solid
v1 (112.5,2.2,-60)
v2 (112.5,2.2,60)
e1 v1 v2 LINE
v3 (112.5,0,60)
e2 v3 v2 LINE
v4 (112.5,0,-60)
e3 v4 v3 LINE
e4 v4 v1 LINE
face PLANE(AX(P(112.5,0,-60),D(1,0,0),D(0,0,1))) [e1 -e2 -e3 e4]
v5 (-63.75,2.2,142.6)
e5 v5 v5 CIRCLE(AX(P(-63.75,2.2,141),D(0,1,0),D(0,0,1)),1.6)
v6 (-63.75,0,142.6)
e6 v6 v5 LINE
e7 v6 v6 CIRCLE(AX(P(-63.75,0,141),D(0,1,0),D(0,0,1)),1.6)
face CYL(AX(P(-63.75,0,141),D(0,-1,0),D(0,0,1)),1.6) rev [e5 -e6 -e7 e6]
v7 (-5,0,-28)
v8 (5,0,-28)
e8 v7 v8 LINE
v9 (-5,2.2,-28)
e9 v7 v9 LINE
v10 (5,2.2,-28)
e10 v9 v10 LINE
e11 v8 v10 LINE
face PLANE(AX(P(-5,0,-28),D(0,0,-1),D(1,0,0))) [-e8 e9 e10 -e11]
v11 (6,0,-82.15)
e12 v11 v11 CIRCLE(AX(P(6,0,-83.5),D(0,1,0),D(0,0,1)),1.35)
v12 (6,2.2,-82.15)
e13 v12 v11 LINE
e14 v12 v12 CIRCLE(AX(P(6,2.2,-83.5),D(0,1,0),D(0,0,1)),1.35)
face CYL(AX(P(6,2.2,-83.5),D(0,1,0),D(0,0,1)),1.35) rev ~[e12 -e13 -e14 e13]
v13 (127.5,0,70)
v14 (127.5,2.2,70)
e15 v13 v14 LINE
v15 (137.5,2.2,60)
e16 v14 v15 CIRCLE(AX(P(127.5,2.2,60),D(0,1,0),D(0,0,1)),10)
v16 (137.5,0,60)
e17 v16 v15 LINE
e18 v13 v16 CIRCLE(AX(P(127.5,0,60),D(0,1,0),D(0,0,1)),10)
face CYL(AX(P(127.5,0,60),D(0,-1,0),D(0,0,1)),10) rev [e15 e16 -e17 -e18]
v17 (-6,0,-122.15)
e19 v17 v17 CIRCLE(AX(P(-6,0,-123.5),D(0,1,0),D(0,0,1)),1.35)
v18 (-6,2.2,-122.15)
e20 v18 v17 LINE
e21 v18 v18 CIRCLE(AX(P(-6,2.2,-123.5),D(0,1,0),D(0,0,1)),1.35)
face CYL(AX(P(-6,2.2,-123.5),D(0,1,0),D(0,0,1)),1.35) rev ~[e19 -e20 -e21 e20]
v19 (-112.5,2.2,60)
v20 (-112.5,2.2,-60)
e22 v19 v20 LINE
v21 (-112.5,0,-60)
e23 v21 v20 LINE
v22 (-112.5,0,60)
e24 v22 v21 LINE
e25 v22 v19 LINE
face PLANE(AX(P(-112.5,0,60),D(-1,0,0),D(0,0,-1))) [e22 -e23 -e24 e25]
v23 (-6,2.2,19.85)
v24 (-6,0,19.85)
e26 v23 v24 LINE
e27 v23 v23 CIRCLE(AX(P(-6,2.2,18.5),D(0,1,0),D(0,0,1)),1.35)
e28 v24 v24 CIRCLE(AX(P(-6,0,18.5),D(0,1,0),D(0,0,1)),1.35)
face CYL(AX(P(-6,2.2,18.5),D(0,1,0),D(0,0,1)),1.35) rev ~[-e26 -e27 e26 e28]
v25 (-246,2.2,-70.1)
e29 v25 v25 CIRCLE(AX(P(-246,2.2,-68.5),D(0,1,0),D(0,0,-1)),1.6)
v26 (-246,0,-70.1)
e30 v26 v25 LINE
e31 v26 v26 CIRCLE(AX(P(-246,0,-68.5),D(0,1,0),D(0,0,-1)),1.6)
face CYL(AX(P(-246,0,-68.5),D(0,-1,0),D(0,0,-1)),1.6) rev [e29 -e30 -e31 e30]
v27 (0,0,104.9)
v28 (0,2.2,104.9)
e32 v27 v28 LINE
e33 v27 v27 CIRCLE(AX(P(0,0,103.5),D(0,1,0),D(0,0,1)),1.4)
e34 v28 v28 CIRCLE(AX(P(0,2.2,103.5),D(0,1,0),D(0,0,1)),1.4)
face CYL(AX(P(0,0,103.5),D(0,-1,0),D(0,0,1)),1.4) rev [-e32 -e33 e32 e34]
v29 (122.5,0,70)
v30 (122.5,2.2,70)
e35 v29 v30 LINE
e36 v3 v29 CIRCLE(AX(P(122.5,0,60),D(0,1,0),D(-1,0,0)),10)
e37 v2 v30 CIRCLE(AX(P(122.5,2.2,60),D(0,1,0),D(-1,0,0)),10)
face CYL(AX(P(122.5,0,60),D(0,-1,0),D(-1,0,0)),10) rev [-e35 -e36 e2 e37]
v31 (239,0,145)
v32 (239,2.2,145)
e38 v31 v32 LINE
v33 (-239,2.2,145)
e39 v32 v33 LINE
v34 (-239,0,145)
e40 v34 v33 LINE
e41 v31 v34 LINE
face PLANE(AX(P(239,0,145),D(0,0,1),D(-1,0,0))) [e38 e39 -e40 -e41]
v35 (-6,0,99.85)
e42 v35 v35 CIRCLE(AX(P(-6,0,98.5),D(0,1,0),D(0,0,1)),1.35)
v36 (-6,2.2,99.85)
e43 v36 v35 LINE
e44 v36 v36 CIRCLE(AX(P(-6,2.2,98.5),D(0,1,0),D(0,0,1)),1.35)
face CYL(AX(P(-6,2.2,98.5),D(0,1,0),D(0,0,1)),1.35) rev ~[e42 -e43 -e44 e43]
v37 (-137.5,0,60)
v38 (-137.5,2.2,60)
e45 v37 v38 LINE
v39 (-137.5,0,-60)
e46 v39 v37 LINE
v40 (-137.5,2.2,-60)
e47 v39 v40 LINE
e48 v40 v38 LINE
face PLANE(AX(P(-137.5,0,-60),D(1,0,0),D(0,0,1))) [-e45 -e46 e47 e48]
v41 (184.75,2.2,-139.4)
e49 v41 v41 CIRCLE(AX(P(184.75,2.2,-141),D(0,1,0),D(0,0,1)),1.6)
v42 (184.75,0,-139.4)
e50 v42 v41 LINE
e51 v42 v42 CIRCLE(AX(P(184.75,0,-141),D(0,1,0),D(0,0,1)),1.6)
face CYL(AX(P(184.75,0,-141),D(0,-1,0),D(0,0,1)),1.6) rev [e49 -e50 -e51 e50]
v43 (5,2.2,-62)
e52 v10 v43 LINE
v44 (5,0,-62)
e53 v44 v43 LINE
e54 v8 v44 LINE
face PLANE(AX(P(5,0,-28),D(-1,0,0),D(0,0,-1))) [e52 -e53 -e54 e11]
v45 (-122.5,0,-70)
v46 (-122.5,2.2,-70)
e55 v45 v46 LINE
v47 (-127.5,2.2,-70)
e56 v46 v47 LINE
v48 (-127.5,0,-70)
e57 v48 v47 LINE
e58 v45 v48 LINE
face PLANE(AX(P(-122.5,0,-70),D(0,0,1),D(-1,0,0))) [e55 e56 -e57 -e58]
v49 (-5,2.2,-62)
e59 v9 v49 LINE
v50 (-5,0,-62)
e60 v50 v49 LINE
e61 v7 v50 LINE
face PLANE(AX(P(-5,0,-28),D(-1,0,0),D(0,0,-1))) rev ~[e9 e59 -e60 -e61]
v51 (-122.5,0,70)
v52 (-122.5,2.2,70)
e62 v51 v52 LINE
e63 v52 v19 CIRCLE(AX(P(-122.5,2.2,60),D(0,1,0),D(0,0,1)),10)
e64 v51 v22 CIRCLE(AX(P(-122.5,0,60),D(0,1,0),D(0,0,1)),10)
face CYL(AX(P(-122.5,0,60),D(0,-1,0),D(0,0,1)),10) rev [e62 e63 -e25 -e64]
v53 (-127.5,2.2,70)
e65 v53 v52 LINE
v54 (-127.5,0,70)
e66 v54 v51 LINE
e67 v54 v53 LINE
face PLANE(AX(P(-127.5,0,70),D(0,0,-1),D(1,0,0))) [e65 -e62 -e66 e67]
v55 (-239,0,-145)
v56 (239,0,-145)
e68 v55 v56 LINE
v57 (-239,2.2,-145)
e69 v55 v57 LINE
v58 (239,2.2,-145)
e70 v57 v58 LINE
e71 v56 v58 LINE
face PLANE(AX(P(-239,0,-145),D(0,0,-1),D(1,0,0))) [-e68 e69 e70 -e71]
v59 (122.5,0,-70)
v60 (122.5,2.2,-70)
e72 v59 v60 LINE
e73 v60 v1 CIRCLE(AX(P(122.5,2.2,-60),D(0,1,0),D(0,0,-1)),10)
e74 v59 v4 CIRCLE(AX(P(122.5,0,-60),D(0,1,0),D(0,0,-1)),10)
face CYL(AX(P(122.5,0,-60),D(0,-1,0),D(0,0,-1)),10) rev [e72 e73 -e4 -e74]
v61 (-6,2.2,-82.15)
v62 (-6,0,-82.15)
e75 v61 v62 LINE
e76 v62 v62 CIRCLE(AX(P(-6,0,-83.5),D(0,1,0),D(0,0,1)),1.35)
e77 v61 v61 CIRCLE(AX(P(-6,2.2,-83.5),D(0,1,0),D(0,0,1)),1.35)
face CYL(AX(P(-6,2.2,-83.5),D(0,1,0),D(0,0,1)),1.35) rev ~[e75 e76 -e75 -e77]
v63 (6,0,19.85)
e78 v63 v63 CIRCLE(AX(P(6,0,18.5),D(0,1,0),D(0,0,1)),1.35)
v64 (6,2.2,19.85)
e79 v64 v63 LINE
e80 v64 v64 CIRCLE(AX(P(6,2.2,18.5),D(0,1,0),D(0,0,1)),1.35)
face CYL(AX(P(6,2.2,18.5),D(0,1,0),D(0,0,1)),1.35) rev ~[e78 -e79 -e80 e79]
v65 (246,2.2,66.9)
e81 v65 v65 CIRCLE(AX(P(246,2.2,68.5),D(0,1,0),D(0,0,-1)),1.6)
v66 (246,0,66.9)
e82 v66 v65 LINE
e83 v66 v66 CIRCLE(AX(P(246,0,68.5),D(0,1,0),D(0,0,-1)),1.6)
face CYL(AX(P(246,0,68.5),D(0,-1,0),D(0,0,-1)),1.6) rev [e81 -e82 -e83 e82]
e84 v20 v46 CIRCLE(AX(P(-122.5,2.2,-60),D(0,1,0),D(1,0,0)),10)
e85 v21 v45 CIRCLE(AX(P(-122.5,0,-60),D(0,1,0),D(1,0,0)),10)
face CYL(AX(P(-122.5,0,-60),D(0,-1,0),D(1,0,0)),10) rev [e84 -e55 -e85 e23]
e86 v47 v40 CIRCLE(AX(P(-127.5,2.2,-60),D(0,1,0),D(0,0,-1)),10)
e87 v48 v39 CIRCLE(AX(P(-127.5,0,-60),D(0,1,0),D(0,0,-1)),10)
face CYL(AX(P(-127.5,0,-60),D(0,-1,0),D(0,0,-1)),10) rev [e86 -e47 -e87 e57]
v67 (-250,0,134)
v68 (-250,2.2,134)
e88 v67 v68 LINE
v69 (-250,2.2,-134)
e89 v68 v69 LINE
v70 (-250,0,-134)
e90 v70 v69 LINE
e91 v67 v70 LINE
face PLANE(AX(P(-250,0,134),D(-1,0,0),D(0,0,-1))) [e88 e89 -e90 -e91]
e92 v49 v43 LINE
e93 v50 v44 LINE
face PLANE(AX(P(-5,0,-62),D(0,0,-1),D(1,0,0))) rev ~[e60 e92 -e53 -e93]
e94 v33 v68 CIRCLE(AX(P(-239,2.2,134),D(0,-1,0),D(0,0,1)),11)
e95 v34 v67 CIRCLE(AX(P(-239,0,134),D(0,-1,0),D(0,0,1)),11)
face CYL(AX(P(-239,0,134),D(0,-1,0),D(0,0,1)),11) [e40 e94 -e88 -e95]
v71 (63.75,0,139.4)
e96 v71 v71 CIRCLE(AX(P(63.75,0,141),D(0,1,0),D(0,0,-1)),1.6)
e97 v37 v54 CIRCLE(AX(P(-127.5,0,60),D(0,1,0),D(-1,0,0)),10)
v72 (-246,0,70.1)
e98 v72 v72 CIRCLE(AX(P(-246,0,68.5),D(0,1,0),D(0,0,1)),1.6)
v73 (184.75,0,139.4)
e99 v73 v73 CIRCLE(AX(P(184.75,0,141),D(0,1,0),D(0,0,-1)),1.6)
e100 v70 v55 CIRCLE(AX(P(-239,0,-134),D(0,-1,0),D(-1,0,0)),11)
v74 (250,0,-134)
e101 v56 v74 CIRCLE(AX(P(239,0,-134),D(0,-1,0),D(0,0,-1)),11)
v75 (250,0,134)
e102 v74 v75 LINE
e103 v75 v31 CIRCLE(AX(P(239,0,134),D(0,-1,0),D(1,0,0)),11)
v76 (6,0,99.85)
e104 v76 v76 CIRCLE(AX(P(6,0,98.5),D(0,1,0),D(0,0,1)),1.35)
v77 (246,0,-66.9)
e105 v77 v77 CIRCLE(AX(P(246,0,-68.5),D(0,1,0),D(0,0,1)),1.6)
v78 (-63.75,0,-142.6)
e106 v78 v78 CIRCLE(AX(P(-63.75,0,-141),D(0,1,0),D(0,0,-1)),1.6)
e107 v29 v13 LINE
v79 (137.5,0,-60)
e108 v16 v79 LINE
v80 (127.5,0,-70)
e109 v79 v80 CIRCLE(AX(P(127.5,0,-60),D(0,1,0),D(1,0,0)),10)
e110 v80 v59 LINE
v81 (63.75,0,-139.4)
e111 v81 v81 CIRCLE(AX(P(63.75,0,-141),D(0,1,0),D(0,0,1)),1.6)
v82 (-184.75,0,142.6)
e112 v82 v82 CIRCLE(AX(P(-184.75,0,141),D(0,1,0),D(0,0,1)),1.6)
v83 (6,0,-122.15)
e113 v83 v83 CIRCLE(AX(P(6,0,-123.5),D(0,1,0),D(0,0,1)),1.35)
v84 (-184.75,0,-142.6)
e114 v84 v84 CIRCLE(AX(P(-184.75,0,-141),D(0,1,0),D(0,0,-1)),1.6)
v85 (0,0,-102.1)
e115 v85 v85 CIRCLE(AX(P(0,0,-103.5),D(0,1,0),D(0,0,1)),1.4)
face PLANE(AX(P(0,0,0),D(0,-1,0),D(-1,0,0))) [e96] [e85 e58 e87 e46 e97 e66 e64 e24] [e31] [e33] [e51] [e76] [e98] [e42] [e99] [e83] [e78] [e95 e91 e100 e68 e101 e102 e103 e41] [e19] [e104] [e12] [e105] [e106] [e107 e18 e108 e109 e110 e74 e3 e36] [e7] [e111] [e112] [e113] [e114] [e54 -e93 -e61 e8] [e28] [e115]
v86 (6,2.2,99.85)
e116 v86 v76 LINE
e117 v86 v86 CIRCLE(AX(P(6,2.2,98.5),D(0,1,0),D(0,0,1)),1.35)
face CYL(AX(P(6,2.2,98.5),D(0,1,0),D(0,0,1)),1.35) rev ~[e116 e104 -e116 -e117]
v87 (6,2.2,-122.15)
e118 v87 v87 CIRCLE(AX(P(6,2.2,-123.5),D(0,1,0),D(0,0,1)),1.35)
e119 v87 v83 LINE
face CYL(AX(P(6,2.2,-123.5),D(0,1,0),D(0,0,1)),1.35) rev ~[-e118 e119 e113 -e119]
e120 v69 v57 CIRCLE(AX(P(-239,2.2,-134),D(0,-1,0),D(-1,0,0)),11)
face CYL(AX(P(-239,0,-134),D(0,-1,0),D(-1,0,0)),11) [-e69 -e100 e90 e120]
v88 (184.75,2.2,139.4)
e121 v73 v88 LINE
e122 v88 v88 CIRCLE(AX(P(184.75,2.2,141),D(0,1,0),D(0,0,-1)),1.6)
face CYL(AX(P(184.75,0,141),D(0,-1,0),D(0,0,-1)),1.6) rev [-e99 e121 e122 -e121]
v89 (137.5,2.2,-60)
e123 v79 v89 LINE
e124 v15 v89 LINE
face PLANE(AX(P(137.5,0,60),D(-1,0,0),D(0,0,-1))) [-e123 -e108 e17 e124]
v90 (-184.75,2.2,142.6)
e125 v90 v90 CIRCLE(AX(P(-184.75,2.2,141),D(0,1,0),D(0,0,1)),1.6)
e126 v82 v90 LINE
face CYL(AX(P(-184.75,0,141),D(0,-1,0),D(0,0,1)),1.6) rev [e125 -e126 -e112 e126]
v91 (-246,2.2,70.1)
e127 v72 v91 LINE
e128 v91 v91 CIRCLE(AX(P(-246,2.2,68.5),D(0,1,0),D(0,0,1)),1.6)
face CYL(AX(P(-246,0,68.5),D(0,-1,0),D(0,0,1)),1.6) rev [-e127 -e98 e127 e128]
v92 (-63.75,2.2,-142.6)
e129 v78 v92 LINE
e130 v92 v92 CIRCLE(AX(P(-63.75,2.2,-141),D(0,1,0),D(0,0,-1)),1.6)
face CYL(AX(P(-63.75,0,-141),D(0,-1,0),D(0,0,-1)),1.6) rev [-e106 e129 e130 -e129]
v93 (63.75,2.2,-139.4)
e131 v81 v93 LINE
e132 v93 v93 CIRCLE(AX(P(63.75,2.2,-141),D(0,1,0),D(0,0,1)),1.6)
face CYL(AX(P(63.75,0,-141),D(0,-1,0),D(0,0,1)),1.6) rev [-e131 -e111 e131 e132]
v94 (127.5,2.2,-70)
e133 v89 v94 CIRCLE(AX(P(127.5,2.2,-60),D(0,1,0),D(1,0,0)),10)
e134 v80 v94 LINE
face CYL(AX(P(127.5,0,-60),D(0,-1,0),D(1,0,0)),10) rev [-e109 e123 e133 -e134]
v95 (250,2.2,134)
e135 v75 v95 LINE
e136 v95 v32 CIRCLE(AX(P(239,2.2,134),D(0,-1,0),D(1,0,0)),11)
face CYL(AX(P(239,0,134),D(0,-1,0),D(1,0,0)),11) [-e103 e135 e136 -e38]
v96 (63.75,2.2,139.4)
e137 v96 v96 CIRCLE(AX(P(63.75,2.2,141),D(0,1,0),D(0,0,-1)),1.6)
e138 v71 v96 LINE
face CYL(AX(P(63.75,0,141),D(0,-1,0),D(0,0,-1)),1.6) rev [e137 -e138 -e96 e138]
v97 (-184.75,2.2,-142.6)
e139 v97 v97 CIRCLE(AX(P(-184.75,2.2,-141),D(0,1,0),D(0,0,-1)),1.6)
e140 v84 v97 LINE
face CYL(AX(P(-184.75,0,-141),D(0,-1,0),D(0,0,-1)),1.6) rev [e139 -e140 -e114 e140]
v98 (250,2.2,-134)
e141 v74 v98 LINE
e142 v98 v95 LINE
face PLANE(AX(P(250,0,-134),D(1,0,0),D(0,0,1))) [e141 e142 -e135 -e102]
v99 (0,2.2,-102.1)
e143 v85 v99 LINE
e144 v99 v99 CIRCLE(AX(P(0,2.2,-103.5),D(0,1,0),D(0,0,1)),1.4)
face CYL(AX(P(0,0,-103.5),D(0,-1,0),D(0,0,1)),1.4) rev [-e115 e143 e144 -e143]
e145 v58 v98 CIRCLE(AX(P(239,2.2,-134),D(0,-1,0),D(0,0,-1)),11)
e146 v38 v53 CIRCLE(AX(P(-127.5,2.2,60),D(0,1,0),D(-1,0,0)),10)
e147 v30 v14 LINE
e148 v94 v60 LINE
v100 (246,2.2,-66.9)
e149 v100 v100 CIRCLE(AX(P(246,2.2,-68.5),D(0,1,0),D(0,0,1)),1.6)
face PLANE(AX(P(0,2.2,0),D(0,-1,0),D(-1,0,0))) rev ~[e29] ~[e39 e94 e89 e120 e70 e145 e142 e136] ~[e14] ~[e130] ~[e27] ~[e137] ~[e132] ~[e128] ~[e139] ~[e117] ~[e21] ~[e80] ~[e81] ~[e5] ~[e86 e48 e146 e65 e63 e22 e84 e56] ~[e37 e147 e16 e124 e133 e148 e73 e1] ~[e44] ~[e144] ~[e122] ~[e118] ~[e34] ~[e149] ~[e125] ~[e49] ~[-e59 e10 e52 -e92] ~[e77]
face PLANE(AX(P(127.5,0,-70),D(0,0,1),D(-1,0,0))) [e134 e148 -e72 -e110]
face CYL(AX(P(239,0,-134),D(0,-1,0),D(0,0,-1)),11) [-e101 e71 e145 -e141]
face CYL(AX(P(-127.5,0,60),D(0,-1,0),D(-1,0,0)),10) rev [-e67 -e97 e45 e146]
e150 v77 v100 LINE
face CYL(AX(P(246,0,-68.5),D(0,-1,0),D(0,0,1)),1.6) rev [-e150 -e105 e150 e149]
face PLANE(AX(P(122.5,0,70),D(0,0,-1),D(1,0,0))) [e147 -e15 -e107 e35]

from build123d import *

# Parameters (mm, degrees)
SKETCH1_R           = 1.6
SKETCH1_R_2         = 1.4
SKETCH1_W           = 10
SKETCH1_H           = 34
BOSS_EXTRUDE1_DEPTH = 2.2
SKETCH2_R           = 1.35
CUT_EXTRUDE1_DEPTH  = 59.2


with BuildPart() as part:
    # Sketch1 → Boss-Extrude1 (new body)
    with BuildSketch(Plane(origin=(0, 0, 0), x_dir=(1, 0, 0), z_dir=(0, 1, 0))):
        with BuildLine():
            Line((-239, 145), (239, 145))
            ThreePointArc((239, 145), (246.778174593, 141.778174593), (250, 134))
            Line((250, 134), (250, -134))
            ThreePointArc((250, -134), (246.778174593, -141.778174593), (239, -145))
            Line((239, -145), (-239, -145))
            ThreePointArc((-239, -145), (-246.778174593, -141.778174593), (-250, -134))
            Line((-250, -134), (-250, 134))
            ThreePointArc((-250, 134), (-246.778174593, 141.778174593), (-239, 145))
        make_face()
        with Locations(Location((63.75, 141, 0), (0, 0, 270))):
            Circle(SKETCH1_R, mode=Mode.SUBTRACT)
        with Locations(Location((184.75, 141, 0), (0, 0, 270))):
            Circle(SKETCH1_R, mode=Mode.SUBTRACT)
        with Locations(Location((246, 68.5, 0), (0, 0, 270))):
            Circle(SKETCH1_R, mode=Mode.SUBTRACT)
        with Locations(Location((0, 103.5, 0), (0, 0, 270))):
            Circle(SKETCH1_R_2, mode=Mode.SUBTRACT)
        with Locations(Location((0, -103.5, 0), (0, 0, 270))):
            Circle(SKETCH1_R_2, mode=Mode.SUBTRACT)
        with Locations(Location((-246, 68.5, 0), (0, 0, 90))):
            Circle(SKETCH1_R, mode=Mode.SUBTRACT)
        with Locations(Location((-184.75, 141, 0), (0, 0, 90))):
            Circle(SKETCH1_R, mode=Mode.SUBTRACT)
        with Locations(Location((-63.75, 141, 0), (0, 0, 90))):
            Circle(SKETCH1_R, mode=Mode.SUBTRACT)
        with Locations(Location((184.75, -141, 0), (0, 0, 90))):
            Circle(SKETCH1_R, mode=Mode.SUBTRACT)
        with Locations(Location((246, -68.5, 0), (0, 0, 90))):
            Circle(SKETCH1_R, mode=Mode.SUBTRACT)
        with Locations(Location((63.75, -141, 0), (0, 0, 90))):
            Circle(SKETCH1_R, mode=Mode.SUBTRACT)
        with Locations(Location((-63.75, -141, 0), (0, 0, 270))):
            Circle(SKETCH1_R, mode=Mode.SUBTRACT)
        with Locations(Location((-184.75, -141, 0), (0, 0, 270))):
            Circle(SKETCH1_R, mode=Mode.SUBTRACT)
        with Locations(Location((-246, -68.5, 0), (0, 0, 270))):
            Circle(SKETCH1_R, mode=Mode.SUBTRACT)
        with BuildLine():
            Line((-127.5, -70), (-122.5, -70))
            ThreePointArc((-122.5, -70), (-115.428932188, -67.071067812), (-112.5, -60))
            Line((-112.5, -60), (-112.5, 60))
            ThreePointArc((-112.5, 60), (-115.428932188, 67.071067812), (-122.5, 70))
            Line((-122.5, 70), (-127.5, 70))
            ThreePointArc((-127.5, 70), (-134.571067812, 67.071067812), (-137.5, 60))
            Line((-137.5, 60), (-137.5, -60))
            ThreePointArc((-137.5, -60), (-134.571067812, -67.071067812), (-127.5, -70))
        make_face(mode=Mode.SUBTRACT)
        with BuildLine():
            Line((122.5, -70), (127.5, -70))
            ThreePointArc((127.5, -70), (134.571067812, -67.071067812), (137.5, -60))
            Line((137.5, -60), (137.5, 60))
            ThreePointArc((137.5, 60), (134.571067812, 67.071067812), (127.5, 70))
            Line((127.5, 70), (122.5, 70))
            ThreePointArc((122.5, 70), (115.428932188, 67.071067812), (112.5, 60))
            Line((112.5, 60), (112.5, -60))
            ThreePointArc((112.5, -60), (115.428932188, -67.071067812), (122.5, -70))
        make_face(mode=Mode.SUBTRACT)
        with Locations((0, 45)):
            Rectangle(SKETCH1_W, SKETCH1_H, mode=Mode.SUBTRACT)
    extrude(amount=BOSS_EXTRUDE1_DEPTH)

    # Sketch2 → Cut-Extrude1 (cut)
    with BuildSketch(Plane(origin=(0, 2.2, 0), x_dir=(1, 0, 0), z_dir=(0, 1, 0))):
        with Locations(Location((-6, -18.5, 0), (0, 0, 270))):
            Circle(SKETCH2_R)
        with Locations(Location((6, -18.5, 0), (0, 0, 270))):
            Circle(SKETCH2_R)
        with Locations(Location((-6, -98.5, 0), (0, 0, 270))):
            Circle(SKETCH2_R)
        with Locations(Location((6, -98.5, 0), (0, 0, 270))):
            Circle(SKETCH2_R)
        with Locations(Location((-6, 123.5, 0), (0, 0, 270))):
            Circle(SKETCH2_R)
        with Locations(Location((6, 123.5, 0), (0, 0, 270))):
            Circle(SKETCH2_R)
        with Locations(Location((-6, 83.5, 0), (0, 0, 270))):
            Circle(SKETCH2_R)
        with Locations(Location((6, 83.5, 0), (0, 0, 270))):
            Circle(SKETCH2_R)
    extrude(amount=-CUT_EXTRUDE1_DEPTH, mode=Mode.SUBTRACT)


solid = part.part
